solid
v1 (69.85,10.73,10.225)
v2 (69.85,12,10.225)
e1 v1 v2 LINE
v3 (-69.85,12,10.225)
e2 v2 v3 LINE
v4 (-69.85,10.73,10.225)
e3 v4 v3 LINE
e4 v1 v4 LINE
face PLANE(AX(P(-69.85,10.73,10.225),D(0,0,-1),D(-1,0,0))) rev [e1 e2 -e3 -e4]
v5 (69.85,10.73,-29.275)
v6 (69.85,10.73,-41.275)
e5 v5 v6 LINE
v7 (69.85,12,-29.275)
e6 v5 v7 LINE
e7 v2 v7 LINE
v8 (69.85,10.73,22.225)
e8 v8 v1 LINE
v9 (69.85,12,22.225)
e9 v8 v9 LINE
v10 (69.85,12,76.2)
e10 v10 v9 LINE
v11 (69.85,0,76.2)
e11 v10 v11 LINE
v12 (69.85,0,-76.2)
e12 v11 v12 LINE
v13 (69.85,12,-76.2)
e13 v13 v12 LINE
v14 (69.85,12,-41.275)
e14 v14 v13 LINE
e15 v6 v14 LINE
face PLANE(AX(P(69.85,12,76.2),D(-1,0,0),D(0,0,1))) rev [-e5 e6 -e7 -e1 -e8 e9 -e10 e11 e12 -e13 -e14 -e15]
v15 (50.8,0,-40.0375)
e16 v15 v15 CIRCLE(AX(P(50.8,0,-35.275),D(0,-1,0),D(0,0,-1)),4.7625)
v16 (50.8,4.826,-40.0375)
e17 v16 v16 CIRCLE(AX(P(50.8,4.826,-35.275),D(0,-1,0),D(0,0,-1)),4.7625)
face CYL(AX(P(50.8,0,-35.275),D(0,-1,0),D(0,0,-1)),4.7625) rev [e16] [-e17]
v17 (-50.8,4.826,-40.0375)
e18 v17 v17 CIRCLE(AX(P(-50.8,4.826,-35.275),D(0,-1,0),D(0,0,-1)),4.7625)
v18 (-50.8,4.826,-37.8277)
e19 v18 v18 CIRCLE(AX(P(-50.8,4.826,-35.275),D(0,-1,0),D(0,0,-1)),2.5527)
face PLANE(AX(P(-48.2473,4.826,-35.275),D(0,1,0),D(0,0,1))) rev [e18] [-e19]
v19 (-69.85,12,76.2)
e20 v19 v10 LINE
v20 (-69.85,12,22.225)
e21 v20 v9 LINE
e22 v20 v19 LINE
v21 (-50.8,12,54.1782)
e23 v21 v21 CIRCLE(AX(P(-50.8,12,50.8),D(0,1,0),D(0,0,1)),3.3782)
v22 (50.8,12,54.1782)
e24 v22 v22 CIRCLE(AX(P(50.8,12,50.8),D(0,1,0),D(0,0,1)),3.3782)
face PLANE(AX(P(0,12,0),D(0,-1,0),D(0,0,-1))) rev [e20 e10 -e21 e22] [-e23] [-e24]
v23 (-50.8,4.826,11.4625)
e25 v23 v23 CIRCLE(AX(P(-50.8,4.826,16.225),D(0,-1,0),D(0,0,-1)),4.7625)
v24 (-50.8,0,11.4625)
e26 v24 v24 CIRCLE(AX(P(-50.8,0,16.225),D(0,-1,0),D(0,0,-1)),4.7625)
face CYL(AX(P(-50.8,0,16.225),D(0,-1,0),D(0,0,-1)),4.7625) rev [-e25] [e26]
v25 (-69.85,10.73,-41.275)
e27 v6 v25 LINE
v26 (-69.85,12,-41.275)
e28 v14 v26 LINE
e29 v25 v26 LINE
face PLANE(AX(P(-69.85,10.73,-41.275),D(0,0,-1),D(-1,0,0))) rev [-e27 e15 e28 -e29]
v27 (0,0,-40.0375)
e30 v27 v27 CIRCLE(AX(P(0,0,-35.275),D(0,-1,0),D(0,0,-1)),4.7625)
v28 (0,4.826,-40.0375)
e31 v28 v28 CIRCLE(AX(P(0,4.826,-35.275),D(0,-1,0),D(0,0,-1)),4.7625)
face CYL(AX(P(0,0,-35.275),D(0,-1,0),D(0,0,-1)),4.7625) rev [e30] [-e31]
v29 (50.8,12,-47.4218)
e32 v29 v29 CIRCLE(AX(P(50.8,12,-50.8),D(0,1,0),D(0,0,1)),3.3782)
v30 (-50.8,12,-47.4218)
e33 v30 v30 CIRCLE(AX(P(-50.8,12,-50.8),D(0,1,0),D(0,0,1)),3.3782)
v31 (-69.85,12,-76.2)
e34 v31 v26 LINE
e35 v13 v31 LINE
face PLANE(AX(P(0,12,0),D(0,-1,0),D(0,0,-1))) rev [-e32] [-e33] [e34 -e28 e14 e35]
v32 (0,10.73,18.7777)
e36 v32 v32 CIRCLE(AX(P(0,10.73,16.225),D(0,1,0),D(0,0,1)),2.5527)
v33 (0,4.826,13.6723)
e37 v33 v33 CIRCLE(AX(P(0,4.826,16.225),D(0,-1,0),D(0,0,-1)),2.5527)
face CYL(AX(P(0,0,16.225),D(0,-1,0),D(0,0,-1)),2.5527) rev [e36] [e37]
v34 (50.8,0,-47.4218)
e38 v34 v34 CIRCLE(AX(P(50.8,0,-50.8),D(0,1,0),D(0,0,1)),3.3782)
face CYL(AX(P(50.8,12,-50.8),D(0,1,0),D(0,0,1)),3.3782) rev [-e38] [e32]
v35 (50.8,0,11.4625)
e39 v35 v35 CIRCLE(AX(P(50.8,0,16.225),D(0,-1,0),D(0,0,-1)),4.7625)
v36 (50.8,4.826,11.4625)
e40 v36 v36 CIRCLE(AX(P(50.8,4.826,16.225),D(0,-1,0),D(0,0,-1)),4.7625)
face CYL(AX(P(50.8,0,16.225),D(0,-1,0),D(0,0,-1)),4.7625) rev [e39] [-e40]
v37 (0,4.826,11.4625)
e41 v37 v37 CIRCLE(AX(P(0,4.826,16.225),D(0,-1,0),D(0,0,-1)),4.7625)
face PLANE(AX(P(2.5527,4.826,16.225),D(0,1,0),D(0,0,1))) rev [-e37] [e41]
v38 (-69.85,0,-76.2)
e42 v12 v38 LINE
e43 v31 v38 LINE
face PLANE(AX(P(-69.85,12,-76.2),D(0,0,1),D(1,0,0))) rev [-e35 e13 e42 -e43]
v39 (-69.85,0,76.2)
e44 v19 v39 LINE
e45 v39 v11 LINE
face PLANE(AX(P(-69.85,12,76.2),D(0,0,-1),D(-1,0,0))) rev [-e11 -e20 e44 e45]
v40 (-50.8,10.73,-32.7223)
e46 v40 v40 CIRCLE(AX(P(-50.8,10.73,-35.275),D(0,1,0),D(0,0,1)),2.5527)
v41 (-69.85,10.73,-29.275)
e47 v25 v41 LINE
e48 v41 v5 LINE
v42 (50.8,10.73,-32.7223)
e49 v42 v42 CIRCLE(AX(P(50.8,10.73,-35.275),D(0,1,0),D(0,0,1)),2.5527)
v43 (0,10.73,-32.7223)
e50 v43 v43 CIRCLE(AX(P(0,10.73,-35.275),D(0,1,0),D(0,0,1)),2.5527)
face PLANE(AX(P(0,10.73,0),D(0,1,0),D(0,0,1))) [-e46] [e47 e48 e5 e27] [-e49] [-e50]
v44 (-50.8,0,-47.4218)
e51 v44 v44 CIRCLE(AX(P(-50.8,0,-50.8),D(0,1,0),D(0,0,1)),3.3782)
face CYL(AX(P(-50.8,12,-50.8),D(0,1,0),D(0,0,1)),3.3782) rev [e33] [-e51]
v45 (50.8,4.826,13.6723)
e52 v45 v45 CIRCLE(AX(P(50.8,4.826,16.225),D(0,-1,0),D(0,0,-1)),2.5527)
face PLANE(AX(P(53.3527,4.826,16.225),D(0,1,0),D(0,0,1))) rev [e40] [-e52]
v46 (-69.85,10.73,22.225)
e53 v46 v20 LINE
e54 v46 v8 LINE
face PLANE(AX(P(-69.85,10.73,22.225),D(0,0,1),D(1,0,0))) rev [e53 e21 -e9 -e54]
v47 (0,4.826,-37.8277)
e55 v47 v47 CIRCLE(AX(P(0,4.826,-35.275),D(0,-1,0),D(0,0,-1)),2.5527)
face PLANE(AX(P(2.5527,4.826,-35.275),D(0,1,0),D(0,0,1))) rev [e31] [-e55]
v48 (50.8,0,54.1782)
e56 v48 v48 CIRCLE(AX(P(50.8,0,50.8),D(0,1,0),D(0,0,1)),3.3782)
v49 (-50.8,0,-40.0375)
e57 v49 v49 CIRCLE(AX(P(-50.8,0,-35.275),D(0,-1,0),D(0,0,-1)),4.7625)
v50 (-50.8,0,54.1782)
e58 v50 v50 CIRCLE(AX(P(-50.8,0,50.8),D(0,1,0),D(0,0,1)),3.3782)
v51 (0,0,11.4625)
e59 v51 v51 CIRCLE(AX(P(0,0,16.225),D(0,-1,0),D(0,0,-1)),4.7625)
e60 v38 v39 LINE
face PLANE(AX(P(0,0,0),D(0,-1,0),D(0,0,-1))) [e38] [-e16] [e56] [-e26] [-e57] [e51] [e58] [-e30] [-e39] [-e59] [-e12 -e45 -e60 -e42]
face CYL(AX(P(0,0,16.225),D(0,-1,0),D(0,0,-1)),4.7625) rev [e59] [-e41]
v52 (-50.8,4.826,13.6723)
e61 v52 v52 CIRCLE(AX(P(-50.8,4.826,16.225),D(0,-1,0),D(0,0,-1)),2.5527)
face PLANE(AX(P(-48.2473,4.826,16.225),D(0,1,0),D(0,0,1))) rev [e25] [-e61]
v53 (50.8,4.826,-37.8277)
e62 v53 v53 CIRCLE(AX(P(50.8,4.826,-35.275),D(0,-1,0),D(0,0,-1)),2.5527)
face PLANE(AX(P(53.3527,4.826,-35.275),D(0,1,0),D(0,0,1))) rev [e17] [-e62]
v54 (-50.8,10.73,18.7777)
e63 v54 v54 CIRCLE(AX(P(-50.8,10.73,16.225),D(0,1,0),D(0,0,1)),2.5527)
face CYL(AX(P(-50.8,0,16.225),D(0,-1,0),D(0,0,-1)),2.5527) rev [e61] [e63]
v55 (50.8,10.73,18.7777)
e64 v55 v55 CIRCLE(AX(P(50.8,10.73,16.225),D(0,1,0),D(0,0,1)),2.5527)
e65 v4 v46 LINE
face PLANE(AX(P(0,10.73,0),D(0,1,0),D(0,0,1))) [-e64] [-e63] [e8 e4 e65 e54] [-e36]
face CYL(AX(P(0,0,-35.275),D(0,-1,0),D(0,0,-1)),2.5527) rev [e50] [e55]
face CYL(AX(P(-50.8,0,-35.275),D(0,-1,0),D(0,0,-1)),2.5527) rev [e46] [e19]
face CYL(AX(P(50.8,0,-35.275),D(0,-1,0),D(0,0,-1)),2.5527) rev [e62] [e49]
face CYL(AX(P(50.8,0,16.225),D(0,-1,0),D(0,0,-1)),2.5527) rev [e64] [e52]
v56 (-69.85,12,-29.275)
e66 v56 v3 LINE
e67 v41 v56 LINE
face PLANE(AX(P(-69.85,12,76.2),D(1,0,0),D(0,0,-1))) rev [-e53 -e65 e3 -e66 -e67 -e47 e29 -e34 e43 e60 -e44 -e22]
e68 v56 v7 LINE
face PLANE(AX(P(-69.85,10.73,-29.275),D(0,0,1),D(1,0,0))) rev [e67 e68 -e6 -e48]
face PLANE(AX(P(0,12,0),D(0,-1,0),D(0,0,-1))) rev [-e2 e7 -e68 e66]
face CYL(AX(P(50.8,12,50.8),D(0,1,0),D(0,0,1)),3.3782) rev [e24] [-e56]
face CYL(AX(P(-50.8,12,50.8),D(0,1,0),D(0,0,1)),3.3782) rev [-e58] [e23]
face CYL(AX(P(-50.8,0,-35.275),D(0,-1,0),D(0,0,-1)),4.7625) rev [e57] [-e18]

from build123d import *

# Parameters (mm, degrees)
SKETCH1_W                                       = 139.7
SKETCH1_H                                       = 152.4
BOSS_EXTRUDE1_DEPTH                             = 12
F_1_4_CLEARANCE_HOLE1_D                         = 6.7564
SKETCH8_W                                       = 139.7
SKETCH8_H                                       = 12
CUT_EXTRUDE2_DEPTH                              = 1.27
CBORE_FOR_10_SOCKET_HEAD_CAP_SCREW1_D           = 5.1054
CBORE_FOR_10_SOCKET_HEAD_CAP_SCREW1_CBORE_D     = 9.525
CBORE_FOR_10_SOCKET_HEAD_CAP_SCREW1_CBORE_DEPTH = 4.826


with BuildPart() as part:
    # Sketch1 → Boss-Extrude1 (new body)
    with BuildSketch(Plane(origin=(0, 0, 0), x_dir=(1, 0, 0), z_dir=(0, 1, 0))):
        Rectangle(SKETCH1_W, SKETCH1_H)
    extrude(amount=BOSS_EXTRUDE1_DEPTH)

    # 1/4 Clearance Hole1 (through all)
    with Locations(Plane(origin=(0, 12, 0), x_dir=(1, 0, 0), z_dir=(0, 1, 0))):
        with Locations((-50.8, 50.8), (50.8, 50.8), (50.8, -50.8), (-50.8, -50.8)):
            Hole(F_1_4_CLEARANCE_HOLE1_D / 2)

    # Sketch8 → Cut-Extrude2 (cut)
    with BuildSketch(Plane(origin=(0, 12, 0), x_dir=(1, 0, 0), z_dir=(0, 1, 0))):
        with Locations((0, 35.275)):
            Rectangle(SKETCH8_W, SKETCH8_H)
        with Locations((0, -16.225)):
            Rectangle(SKETCH8_W, SKETCH8_H)
    extrude(amount=-CUT_EXTRUDE2_DEPTH, mode=Mode.SUBTRACT)

    # CBORE for #10 Socket Head Cap Screw1 (through all)
    with Locations(Plane(origin=(0, 0, 0), x_dir=(-1, 0, 0), z_dir=(0, -1, 0))):
        with Locations((-50.8, 35.275), (0, 35.275), (50.8, 35.275), (50.8, -16.225), (0, -16.225), (-50.8, -16.225)):
            CounterBoreHole(CBORE_FOR_10_SOCKET_HEAD_CAP_SCREW1_D / 2, CBORE_FOR_10_SOCKET_HEAD_CAP_SCREW1_CBORE_D / 2, CBORE_FOR_10_SOCKET_HEAD_CAP_SCREW1_CBORE_DEPTH)


solid = part.part
